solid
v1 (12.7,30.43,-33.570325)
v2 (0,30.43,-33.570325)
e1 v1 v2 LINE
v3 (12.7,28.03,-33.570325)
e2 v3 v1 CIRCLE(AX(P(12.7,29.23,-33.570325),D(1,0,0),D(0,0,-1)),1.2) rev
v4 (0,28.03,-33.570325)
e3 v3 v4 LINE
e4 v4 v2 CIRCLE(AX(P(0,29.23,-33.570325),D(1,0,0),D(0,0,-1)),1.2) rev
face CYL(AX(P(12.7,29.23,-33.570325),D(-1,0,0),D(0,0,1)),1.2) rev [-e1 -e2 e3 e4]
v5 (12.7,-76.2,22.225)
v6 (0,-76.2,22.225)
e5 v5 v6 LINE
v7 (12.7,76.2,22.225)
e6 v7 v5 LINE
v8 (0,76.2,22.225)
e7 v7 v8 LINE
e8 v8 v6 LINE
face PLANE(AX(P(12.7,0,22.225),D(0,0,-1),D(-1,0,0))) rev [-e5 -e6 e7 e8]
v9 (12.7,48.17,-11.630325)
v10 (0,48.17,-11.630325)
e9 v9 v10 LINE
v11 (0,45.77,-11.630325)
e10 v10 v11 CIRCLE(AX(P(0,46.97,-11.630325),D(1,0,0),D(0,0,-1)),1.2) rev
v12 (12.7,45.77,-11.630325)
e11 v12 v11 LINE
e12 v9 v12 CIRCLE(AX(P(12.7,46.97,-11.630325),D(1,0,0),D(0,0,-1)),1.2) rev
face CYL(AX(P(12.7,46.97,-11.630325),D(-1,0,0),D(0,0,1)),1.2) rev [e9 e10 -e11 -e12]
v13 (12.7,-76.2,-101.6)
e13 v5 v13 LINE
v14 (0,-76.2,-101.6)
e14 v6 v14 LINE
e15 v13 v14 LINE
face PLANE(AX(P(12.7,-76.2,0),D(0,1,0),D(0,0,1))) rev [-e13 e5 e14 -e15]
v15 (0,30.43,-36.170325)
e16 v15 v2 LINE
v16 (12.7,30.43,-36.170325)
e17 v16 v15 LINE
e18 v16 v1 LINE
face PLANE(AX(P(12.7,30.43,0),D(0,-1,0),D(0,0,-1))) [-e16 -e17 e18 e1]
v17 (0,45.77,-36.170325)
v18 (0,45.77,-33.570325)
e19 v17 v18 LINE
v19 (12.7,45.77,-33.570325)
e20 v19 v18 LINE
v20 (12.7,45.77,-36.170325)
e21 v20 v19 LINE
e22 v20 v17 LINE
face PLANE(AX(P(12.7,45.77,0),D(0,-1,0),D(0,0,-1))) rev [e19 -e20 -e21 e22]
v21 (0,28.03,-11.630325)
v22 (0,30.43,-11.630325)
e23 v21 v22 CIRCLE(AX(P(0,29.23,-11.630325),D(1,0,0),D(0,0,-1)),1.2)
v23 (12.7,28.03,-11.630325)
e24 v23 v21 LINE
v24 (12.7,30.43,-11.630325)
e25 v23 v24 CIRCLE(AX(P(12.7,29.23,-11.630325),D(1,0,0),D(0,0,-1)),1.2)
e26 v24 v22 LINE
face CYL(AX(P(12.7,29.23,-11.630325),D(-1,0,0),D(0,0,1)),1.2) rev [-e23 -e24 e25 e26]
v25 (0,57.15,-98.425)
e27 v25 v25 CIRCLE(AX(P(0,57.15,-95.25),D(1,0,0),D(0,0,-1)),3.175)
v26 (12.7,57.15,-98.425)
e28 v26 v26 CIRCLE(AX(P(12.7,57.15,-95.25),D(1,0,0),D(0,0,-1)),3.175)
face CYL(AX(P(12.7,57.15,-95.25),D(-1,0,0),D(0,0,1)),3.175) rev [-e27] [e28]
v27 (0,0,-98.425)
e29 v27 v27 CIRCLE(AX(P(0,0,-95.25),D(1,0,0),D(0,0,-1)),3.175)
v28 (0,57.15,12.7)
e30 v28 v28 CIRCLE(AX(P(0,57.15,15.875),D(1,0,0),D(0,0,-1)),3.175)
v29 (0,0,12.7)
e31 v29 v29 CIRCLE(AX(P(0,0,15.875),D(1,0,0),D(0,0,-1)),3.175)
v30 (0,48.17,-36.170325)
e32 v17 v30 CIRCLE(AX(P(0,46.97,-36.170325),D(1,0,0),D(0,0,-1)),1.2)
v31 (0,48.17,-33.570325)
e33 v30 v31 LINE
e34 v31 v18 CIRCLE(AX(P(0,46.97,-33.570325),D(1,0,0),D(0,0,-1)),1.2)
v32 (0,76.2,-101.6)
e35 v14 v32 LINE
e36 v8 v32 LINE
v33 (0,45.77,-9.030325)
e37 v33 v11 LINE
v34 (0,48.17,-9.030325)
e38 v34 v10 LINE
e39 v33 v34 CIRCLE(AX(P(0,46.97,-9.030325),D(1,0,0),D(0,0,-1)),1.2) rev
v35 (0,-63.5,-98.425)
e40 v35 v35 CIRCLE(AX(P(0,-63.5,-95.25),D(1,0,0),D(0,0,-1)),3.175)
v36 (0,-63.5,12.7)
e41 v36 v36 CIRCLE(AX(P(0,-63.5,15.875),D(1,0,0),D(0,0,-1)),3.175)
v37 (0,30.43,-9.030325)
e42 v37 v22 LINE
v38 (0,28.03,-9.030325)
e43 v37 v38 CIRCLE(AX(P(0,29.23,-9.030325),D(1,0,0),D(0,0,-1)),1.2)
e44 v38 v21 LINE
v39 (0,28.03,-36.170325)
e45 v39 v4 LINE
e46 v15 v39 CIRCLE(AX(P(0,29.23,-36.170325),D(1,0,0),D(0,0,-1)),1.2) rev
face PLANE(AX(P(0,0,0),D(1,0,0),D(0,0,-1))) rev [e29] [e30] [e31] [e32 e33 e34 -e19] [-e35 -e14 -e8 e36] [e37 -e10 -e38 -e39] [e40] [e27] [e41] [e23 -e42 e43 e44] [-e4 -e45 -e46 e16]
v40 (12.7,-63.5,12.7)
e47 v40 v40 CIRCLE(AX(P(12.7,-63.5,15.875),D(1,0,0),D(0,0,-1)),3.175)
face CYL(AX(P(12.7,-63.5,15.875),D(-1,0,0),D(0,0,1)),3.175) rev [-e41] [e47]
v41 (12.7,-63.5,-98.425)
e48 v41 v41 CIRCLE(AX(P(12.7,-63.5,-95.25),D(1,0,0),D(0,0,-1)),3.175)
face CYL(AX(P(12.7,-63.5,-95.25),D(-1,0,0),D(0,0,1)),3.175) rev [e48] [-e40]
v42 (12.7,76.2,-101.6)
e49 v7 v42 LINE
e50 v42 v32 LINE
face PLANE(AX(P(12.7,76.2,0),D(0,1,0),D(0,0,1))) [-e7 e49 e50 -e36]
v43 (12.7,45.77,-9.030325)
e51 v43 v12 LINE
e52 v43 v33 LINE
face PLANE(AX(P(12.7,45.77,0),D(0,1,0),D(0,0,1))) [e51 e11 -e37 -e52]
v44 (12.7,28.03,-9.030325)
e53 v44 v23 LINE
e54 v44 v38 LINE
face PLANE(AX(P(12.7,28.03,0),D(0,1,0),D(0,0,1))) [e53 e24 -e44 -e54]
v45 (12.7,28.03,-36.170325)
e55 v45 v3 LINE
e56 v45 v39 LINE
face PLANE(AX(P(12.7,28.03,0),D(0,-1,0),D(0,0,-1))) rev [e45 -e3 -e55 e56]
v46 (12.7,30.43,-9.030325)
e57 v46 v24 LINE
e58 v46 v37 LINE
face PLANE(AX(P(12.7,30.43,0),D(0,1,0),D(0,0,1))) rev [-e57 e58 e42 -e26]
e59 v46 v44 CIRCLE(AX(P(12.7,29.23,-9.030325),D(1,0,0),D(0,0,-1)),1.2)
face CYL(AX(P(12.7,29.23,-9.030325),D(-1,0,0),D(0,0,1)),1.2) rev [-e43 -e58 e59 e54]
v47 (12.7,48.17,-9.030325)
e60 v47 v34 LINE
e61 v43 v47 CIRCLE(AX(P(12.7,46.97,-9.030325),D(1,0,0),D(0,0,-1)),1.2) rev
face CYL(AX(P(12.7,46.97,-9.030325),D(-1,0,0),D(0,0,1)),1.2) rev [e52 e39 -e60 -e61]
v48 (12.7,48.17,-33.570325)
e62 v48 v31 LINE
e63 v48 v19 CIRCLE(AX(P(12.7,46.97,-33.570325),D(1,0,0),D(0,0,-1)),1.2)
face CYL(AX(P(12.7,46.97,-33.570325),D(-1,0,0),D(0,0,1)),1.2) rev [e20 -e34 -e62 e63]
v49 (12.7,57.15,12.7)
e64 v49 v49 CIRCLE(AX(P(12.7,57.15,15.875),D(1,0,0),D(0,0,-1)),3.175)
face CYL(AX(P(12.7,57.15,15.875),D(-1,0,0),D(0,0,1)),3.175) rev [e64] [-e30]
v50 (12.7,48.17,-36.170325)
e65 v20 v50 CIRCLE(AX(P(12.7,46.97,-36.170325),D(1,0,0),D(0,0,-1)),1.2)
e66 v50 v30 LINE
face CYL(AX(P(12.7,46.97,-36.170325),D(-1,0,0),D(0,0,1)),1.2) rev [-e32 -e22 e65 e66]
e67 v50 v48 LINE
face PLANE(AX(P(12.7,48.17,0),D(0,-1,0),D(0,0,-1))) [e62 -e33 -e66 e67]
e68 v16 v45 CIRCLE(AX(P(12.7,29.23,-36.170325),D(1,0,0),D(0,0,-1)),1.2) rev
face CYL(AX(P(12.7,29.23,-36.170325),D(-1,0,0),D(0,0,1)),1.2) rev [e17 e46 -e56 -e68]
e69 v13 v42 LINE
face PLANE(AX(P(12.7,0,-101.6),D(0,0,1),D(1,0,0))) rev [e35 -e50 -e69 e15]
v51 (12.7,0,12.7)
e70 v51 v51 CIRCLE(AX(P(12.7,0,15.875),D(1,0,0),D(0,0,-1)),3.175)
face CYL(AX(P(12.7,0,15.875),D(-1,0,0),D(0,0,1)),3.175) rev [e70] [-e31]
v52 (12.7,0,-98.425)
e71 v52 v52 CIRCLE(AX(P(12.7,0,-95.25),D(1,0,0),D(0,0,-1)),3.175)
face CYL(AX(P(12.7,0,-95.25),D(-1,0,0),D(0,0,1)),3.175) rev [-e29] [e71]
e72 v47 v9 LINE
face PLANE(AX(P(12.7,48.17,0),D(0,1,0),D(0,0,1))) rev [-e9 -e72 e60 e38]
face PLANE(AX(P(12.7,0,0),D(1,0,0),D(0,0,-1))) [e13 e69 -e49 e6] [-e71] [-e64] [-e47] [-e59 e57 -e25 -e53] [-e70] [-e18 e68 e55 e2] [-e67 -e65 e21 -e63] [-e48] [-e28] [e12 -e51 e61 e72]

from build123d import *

# Parameters (mm, degrees)
SKETCH1_W           = 123.825
SKETCH1_H           = 152.4
SKETCH1_R           = 3.175
BOSS_EXTRUDE1_DEPTH = 12.7


with BuildPart() as part:
    # Sketch1 → Boss-Extrude1 (new body)
    with BuildSketch(Plane(origin=(0, 0, 0), x_dir=(0, 0, -1), z_dir=(1, 0, 0))):
        with Locations((39.6875, 0)):
            Rectangle(SKETCH1_W, SKETCH1_H)
        with Locations((-15.875, 57.15)):
            Circle(SKETCH1_R, mode=Mode.SUBTRACT)
        with Locations((-15.875, 0)):
            Circle(SKETCH1_R, mode=Mode.SUBTRACT)
        with Locations((95.25, 57.15)):
            Circle(SKETCH1_R, mode=Mode.SUBTRACT)
        with Locations((95.25, 0)):
            Circle(SKETCH1_R, mode=Mode.SUBTRACT)
        with Locations((-15.875, -63.5)):
            Circle(SKETCH1_R, mode=Mode.SUBTRACT)
        with Locations((95.25, -63.5)):
            Circle(SKETCH1_R, mode=Mode.SUBTRACT)
        with BuildLine():
            ThreePointArc((11.630324852, 30.43), (12.830324852, 29.23), (11.630324852, 28.03))
            Line((11.630324852, 28.03), (9.030324852, 28.03))
            ThreePointArc((9.030324852, 28.03), (7.830324852, 29.23), (9.030324852, 30.43))
            Line((9.030324852, 30.43), (11.630324852, 30.43))
        make_face(mode=Mode.SUBTRACT)
        with BuildLine():
            Line((36.170324852, 28.03), (33.570324852, 28.03))
            ThreePointArc((33.570324852, 28.03), (32.370324852, 29.23), (33.570324852, 30.43))
            Line((33.570324852, 30.43), (36.170324852, 30.43))
            ThreePointArc((36.170324852, 30.43), (37.370324852, 29.23), (36.170324852, 28.03))
        make_face(mode=Mode.SUBTRACT)
        with BuildLine():
            ThreePointArc((33.570324852, 45.77), (32.370324852, 46.97), (33.570324852, 48.17))
            Line((33.570324852, 48.17), (36.170324852, 48.17))
            ThreePointArc((36.170324852, 48.17), (37.370324852, 46.97), (36.170324852, 45.77))
            Line((36.170324852, 45.77), (33.570324852, 45.77))
        make_face(mode=Mode.SUBTRACT)
        with BuildLine():
            Line((9.030324852, 48.17), (11.630324852, 48.17))
            ThreePointArc((11.630324852, 48.17), (12.830324852, 46.97), (11.630324852, 45.77))
            Line((11.630324852, 45.77), (9.030324852, 45.77))
            ThreePointArc((9.030324852, 45.77), (7.830324852, 46.97), (9.030324852, 48.17))
        make_face(mode=Mode.SUBTRACT)
    extrude(amount=BOSS_EXTRUDE1_DEPTH)


solid = part.part
